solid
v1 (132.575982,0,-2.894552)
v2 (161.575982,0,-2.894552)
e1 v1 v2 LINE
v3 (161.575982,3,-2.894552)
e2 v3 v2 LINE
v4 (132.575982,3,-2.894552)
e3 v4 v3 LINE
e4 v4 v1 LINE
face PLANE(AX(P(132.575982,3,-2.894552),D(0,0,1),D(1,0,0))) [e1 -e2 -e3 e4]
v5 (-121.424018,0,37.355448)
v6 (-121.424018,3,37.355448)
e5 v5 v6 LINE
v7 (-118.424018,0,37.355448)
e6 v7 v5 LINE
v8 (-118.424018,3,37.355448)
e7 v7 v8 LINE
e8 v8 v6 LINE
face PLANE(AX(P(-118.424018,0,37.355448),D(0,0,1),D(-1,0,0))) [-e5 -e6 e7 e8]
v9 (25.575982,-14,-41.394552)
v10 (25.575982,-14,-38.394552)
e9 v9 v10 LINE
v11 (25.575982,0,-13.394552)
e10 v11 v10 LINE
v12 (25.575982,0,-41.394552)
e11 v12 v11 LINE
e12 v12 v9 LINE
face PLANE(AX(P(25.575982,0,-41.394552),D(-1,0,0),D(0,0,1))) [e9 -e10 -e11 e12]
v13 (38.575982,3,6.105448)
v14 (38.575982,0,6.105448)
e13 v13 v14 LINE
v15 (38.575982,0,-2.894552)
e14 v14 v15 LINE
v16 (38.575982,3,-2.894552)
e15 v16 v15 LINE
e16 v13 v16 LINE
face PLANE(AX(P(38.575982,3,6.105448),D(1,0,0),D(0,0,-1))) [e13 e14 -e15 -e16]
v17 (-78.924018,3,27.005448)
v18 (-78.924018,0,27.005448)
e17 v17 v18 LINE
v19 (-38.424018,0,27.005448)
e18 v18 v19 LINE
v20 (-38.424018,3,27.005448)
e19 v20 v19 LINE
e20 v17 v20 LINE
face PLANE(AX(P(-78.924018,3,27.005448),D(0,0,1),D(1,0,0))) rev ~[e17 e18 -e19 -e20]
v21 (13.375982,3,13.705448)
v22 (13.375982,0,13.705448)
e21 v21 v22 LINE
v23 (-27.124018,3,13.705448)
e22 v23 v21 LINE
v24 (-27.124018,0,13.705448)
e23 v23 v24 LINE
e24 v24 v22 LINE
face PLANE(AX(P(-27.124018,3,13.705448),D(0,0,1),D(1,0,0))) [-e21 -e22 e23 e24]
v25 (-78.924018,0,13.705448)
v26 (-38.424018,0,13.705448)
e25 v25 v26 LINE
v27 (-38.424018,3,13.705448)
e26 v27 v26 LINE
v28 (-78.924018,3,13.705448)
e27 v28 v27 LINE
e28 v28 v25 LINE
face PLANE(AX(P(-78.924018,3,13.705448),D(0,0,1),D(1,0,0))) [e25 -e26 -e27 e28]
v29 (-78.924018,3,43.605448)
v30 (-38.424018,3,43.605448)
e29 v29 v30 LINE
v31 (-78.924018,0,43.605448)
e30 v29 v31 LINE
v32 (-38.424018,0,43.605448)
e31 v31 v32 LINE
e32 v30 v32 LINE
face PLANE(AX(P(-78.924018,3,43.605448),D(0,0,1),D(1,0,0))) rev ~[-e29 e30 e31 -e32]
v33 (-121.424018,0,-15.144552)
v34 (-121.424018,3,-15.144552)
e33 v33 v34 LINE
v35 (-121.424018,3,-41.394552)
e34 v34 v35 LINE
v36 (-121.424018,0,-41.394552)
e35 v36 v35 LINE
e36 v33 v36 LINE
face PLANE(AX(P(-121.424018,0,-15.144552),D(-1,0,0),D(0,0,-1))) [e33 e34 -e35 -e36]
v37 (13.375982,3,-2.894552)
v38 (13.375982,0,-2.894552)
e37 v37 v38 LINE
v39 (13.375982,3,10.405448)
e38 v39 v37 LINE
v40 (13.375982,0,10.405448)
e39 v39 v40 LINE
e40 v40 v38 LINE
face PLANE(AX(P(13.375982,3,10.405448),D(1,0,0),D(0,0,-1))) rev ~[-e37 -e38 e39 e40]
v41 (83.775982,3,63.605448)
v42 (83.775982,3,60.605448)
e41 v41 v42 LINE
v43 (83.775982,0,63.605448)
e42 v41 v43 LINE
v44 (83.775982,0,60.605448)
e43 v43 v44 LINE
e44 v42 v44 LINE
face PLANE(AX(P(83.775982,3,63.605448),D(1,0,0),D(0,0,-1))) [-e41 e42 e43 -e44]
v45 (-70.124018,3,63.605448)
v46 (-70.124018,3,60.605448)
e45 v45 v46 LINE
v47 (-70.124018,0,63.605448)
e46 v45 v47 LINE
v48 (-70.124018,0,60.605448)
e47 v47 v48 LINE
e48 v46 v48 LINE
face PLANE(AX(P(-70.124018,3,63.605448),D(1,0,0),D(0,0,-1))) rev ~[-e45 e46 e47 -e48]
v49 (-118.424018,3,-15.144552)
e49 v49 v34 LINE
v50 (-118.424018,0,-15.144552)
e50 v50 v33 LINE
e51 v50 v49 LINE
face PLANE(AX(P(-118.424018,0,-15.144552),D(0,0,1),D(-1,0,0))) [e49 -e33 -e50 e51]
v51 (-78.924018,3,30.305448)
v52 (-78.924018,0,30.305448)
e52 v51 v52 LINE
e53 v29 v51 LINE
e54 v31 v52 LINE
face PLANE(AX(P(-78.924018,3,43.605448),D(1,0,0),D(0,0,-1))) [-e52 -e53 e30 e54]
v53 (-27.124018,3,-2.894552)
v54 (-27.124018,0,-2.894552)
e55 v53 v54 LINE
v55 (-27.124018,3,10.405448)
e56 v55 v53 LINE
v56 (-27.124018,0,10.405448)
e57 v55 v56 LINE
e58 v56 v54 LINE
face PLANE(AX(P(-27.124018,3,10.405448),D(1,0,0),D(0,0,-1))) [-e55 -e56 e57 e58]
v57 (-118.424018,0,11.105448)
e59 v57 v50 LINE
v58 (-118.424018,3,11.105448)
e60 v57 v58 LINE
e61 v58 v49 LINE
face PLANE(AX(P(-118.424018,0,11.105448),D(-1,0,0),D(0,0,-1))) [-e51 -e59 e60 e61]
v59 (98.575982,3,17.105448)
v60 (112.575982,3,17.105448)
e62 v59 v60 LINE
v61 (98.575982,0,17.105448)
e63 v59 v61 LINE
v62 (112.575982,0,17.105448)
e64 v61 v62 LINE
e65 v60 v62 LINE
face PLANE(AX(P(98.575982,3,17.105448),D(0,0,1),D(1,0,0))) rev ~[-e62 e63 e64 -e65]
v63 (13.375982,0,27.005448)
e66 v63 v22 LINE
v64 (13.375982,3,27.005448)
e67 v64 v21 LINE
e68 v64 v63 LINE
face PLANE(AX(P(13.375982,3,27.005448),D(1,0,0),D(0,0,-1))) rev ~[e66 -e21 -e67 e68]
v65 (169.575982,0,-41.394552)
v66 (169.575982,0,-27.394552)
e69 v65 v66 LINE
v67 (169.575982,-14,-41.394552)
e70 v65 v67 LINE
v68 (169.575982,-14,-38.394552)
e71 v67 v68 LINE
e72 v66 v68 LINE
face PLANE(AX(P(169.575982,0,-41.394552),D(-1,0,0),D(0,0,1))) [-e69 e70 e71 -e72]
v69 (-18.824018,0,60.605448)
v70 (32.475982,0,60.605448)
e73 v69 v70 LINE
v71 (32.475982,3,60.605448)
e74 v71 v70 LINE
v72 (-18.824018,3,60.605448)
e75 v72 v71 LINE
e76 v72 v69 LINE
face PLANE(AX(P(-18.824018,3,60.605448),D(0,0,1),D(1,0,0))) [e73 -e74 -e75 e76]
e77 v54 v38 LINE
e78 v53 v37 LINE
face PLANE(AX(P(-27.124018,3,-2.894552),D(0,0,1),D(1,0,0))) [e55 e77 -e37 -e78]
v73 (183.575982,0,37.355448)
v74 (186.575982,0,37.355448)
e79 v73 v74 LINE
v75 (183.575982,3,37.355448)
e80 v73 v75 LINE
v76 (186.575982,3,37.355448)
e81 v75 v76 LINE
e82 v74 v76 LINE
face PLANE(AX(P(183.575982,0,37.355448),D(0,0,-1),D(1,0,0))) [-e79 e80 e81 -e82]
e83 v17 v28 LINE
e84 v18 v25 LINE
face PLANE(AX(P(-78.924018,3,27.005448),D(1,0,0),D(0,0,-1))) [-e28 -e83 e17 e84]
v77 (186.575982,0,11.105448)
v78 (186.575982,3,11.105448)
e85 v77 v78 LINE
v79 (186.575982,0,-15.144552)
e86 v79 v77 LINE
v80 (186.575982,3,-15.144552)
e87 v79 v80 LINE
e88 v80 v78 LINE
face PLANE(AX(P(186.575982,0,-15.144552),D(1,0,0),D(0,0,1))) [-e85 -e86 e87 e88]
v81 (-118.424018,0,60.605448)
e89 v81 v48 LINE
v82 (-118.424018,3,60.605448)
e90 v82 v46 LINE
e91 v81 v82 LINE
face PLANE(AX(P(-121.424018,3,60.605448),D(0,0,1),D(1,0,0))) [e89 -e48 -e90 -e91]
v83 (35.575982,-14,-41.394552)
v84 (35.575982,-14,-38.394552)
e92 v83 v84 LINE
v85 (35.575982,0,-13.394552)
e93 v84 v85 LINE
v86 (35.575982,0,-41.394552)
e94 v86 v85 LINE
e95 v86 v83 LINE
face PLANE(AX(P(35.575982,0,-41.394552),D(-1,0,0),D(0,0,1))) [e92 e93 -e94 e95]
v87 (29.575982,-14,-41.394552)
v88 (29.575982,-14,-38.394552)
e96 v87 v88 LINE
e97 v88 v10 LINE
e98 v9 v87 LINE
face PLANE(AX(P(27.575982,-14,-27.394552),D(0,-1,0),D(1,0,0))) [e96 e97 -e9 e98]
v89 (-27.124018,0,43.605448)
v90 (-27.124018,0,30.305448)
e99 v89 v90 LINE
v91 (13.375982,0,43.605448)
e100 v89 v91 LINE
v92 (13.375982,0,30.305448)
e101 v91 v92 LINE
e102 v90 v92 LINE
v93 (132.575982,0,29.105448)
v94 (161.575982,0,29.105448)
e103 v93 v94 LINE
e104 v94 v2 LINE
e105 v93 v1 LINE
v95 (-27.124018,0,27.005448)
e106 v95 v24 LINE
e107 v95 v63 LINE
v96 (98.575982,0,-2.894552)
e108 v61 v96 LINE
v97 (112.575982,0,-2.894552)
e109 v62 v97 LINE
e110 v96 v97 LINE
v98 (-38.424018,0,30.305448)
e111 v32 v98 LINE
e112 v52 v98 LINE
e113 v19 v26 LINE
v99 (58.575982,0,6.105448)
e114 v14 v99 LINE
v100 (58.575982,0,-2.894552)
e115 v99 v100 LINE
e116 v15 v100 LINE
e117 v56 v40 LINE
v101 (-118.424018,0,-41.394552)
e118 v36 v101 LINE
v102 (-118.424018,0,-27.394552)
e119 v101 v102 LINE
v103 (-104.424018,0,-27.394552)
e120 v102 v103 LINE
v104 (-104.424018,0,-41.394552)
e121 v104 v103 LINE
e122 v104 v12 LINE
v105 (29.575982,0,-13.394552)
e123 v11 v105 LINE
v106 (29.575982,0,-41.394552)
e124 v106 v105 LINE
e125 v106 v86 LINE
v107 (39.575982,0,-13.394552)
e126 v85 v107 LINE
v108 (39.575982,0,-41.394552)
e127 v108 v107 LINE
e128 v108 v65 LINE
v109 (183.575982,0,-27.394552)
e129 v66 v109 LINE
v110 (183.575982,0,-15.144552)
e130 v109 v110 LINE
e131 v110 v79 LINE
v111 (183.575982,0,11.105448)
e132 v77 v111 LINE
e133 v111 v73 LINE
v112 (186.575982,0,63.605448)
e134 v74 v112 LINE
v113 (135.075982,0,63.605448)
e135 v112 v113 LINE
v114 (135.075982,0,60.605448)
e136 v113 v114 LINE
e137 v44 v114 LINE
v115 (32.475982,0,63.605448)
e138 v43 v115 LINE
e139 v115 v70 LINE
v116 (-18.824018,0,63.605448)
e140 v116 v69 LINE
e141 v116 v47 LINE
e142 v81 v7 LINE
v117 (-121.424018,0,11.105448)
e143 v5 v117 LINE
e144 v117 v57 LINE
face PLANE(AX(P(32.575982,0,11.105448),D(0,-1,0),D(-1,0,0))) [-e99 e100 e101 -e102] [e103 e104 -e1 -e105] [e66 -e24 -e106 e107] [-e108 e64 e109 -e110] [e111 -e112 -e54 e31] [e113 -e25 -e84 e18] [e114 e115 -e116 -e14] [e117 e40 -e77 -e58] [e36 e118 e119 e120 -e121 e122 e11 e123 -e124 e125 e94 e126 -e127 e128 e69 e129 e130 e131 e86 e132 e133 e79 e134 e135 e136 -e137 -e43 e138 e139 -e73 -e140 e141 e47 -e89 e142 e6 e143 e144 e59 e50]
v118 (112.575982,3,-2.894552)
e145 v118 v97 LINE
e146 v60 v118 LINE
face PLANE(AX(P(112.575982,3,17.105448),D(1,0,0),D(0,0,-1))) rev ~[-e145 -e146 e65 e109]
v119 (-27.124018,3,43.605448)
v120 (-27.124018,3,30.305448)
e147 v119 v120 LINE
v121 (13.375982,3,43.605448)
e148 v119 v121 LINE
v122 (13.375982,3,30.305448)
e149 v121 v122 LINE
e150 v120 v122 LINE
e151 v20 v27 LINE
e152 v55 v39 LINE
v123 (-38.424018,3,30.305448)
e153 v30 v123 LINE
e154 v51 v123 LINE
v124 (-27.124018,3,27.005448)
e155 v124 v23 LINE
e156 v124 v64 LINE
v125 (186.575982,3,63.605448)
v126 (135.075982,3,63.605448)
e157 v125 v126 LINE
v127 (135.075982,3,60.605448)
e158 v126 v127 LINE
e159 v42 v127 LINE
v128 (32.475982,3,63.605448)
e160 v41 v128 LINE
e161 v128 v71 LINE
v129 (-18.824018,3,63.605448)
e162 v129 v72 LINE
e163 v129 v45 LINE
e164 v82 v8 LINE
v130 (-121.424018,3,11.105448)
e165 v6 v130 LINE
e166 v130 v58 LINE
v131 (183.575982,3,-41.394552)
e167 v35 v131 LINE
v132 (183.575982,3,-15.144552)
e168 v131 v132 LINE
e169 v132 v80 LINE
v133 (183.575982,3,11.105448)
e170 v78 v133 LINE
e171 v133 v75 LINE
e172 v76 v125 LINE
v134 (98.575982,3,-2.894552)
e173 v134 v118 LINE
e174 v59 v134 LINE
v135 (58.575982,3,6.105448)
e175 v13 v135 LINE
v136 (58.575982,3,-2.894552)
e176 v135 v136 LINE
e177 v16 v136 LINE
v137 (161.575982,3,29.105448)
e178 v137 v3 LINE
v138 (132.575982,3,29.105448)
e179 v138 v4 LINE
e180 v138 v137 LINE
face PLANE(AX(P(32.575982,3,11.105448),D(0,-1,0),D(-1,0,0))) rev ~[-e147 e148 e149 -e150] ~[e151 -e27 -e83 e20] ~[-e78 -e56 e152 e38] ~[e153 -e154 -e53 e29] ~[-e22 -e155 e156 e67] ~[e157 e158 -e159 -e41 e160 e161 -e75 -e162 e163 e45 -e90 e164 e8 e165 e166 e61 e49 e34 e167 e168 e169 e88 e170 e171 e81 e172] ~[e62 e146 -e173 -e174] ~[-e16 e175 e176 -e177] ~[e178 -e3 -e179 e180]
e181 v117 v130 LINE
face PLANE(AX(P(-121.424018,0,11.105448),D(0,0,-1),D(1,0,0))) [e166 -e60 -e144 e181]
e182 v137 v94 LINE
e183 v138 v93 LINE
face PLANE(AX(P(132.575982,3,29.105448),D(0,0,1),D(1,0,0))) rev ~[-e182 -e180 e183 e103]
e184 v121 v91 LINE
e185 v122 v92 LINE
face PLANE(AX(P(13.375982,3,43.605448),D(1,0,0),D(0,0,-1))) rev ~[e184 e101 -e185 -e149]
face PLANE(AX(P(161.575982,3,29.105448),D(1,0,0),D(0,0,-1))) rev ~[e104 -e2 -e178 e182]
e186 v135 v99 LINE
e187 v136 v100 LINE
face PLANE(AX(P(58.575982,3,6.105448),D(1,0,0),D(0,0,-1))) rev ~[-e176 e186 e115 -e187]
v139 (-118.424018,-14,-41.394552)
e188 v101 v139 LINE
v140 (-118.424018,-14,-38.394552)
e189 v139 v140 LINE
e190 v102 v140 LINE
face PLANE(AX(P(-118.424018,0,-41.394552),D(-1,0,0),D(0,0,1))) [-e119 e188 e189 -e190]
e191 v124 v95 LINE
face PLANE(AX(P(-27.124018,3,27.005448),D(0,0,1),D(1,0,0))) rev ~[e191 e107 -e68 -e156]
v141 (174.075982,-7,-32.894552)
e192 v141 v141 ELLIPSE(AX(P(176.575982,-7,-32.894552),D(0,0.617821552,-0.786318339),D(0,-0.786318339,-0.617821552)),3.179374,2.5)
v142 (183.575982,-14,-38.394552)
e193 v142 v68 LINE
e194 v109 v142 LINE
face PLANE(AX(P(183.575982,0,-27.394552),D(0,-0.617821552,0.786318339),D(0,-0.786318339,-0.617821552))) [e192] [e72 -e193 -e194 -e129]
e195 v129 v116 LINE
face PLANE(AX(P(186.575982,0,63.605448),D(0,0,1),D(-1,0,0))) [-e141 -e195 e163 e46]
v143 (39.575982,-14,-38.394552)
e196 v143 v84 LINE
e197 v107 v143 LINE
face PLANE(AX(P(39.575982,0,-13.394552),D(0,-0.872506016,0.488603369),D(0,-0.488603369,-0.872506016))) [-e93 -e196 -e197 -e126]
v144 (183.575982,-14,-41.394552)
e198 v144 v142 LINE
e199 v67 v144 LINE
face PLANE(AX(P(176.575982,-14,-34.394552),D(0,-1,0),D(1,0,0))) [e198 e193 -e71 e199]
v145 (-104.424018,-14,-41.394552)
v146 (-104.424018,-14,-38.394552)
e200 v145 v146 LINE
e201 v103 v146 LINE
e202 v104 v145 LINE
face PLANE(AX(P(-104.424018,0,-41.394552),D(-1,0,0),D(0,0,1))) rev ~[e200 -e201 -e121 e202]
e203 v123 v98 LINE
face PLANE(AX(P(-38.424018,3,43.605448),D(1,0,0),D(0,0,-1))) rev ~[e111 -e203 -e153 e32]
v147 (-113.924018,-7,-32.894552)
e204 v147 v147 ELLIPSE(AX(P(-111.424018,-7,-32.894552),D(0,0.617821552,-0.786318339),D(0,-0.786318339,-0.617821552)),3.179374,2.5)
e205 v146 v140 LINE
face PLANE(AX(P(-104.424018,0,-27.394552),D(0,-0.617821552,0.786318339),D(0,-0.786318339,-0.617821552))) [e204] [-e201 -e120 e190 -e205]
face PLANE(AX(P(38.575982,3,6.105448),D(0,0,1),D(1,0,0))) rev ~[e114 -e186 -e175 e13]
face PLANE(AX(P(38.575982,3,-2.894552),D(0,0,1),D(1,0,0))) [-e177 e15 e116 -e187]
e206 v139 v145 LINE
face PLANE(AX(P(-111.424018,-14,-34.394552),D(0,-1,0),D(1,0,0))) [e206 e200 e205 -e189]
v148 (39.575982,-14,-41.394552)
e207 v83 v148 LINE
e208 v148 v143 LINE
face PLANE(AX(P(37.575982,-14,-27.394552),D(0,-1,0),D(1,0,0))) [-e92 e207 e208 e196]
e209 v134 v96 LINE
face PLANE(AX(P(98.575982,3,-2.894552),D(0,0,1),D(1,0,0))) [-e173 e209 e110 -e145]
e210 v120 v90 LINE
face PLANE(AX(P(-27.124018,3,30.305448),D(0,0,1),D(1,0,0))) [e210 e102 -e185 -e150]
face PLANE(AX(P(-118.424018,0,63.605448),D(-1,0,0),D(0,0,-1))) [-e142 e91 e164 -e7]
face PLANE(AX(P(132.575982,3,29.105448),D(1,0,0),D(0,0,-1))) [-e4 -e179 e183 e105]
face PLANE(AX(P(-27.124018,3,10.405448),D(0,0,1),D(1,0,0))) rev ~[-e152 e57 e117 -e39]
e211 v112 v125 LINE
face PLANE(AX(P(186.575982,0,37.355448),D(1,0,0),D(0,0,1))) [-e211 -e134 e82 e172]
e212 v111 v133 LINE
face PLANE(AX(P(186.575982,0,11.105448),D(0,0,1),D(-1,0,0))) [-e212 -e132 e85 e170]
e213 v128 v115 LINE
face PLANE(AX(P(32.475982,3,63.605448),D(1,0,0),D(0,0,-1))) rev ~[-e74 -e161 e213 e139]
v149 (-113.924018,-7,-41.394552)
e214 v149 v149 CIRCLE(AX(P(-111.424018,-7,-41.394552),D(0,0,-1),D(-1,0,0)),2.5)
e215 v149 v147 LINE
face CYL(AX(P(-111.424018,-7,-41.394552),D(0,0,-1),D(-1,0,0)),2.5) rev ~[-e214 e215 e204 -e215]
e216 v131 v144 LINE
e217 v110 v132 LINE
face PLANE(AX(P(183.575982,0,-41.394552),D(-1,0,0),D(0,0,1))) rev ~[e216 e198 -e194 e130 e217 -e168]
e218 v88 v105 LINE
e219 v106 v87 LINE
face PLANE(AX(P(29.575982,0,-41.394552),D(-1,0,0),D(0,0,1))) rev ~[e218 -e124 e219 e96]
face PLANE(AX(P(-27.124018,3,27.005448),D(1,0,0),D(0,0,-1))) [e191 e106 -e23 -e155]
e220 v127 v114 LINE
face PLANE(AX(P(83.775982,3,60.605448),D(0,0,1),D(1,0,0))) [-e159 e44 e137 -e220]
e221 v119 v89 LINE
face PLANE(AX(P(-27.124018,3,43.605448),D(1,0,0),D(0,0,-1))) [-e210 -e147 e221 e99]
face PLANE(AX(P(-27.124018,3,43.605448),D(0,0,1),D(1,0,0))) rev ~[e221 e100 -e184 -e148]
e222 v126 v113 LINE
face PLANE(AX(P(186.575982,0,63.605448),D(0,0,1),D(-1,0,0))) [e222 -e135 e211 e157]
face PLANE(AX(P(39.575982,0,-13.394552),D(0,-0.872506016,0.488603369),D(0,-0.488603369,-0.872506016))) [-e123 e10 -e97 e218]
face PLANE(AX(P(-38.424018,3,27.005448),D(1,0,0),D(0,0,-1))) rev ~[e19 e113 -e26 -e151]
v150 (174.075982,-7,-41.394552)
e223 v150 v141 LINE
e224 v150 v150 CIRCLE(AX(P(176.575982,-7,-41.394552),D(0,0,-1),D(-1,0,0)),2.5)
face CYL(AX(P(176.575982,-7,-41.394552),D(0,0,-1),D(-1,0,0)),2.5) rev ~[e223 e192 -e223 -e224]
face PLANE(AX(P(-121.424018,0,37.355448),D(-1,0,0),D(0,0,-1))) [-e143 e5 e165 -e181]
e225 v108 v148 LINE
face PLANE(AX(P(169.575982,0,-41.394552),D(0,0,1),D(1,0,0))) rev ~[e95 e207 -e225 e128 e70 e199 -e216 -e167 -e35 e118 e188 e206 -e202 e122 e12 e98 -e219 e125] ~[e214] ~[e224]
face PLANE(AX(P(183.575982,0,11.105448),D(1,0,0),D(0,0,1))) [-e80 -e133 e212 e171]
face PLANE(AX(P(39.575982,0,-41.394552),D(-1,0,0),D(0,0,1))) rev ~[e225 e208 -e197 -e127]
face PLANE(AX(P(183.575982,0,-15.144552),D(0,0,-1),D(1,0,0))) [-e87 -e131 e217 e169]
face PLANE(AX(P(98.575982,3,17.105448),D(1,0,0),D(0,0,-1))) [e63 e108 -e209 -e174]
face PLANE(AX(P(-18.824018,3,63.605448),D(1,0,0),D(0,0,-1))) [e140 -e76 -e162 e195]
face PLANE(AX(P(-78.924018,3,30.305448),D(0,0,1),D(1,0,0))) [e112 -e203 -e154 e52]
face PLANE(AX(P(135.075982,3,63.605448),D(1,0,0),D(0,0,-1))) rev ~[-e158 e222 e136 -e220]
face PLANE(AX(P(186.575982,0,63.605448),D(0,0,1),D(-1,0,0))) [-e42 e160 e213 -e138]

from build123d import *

# Parameters (mm, degrees)
EXTRUDE_1_DEPTH     = 3
SKETCH_2_W          = 40.5
SKETCH_2_H          = 13.3
SKETCH_2_W_2        = 20
SKETCH_2_H_2        = 9
SKETCH_2_W_3        = 14
SKETCH_2_H_3        = 20
SKETCH_2_W_4        = 29
SKETCH_2_H_4        = 32
CUT_EXTRUDE_1_DEPTH = 3
SKETCH_3_W          = 51.3
SKETCH_3_H          = 3
CUT_EXTRUDE_2_DEPTH = 3
SKETCH_4_W          = 4
SKETCH_4_H          = 28
SKETCH_4_W_2        = 14
SKETCH_4_H_2        = 14
EXTRUDE_2_DEPTH     = 14
CUT_EXTRUDE_3_DEPTH = 14
CUT_EXTRUDE_4_DEPTH = 14
CUT_EXTRUDE_5_DEPTH = 14
CUT_EXTRUDE_6_REACH = 216.55
SKETCH_9_R          = 2.5


with BuildPart() as part:
    # Эскиз1 → Бобышка-Вытянуть1 (new body)
    with BuildSketch(Plane(origin=(0, 0, 0), x_dir=(1, 0, 0), z_dir=(0, 1, 0))):
        Polygon((-121.424018304, 15.144551695), (-121.424018304, 41.394551695), (183.575981696, 41.394551695), (183.575981696, 15.144551695), (186.575981696, 15.144551695), (186.575981696, -11.105448305), (183.575981696, -11.105448305), (183.575981696, -37.355448305), (186.575981696, -37.355448305), (186.575981696, -63.605448305), (-118.424018304, -63.605448305), (-118.424018304, -37.355448305), (-121.424018304, -37.355448305), (-121.424018304, -11.105448305), (-118.424018304, -11.105448305), (-118.424018304, 15.144551695), align=None)
    extrude(amount=EXTRUDE_1_DEPTH)

    # Эскиз2 → Вырез-Вытянуть1 (cut)
    with BuildSketch(Plane(origin=(0, 3, 0), x_dir=(1, 0, 0), z_dir=(0, 1, 0))):
        with Locations((-58.674018304, -36.955448305)):
            Rectangle(SKETCH_2_W, SKETCH_2_H)
        with Locations((-6.874018304, -36.955448305)):
            Rectangle(SKETCH_2_W, SKETCH_2_H)
        with Locations((-6.874018304, -20.355448305)):
            Rectangle(SKETCH_2_W, SKETCH_2_H)
        with Locations((-58.674018304, -20.355448305)):
            Rectangle(SKETCH_2_W, SKETCH_2_H)
        with Locations((-6.874018304, -3.755448305)):
            Rectangle(SKETCH_2_W, SKETCH_2_H)
        with Locations((48.575981696, -1.605448305)):
            Rectangle(SKETCH_2_W_2, SKETCH_2_H_2)
        with Locations((105.575981696, -7.105448305)):
            Rectangle(SKETCH_2_W_3, SKETCH_2_H_3)
        with Locations((147.075981696, -13.105448305)):
            Rectangle(SKETCH_2_W_4, SKETCH_2_H_4)
    extrude(amount=-CUT_EXTRUDE_1_DEPTH, mode=Mode.SUBTRACT)

    # Эскиз3 → Вырез-Вытянуть2 (cut)
    with BuildSketch(Plane(origin=(0, 3, 0), x_dir=(1, 0, 0), z_dir=(0, 1, 0))):
        with Locations((-95.774018304, -62.105448305)):
            Rectangle(SKETCH_3_W, SKETCH_3_H)
        with Locations((6.825981696, -62.105448305)):
            Rectangle(SKETCH_3_W, SKETCH_3_H)
        with Locations((109.425981696, -62.105448305)):
            Rectangle(SKETCH_3_W, SKETCH_3_H)
    extrude(amount=-CUT_EXTRUDE_2_DEPTH, mode=Mode.SUBTRACT)

    # Эскиз4 → Бобышка-Вытянуть2 (add)
    with BuildSketch(Plane.XZ):
        with Locations((27.575981696, -27.394551695)):
            Rectangle(SKETCH_4_W, SKETCH_4_H)
        with Locations((-111.424018304, -34.394551695)):
            Rectangle(SKETCH_4_W_2, SKETCH_4_H_2)
        with Locations((176.575981696, -34.394551695)):
            Rectangle(SKETCH_4_W_2, SKETCH_4_H_2)
        with Locations((37.575981696, -27.394551695)):
            Rectangle(SKETCH_4_W, SKETCH_4_H)
    extrude(amount=EXTRUDE_2_DEPTH)

    # Эскиз6 → Вырез-Вытянуть3 (cut)
    with BuildSketch(Plane(origin=(39.575981696, 0, 0), x_dir=(0, 0, -1), z_dir=(1, 0, 0))):
        Polygon((13.394551695, -14), (13.394551695, 0), (38.394551695, -14), align=None)
    extrude(amount=-CUT_EXTRUDE_3_DEPTH, mode=Mode.SUBTRACT)

    # Эскиз7 → Вырез-Вытянуть4 (cut)
    with BuildSketch(Plane(origin=(183.575981696, 0, 0), x_dir=(0, 0, -1), z_dir=(1, 0, 0))):
        Polygon((27.394551695, -14), (27.394551695, 0), (38.394551695, -14), align=None)
    extrude(amount=-CUT_EXTRUDE_4_DEPTH, mode=Mode.SUBTRACT)

    # Эскиз8 → Вырез-Вытянуть5 (cut)
    with BuildSketch(Plane(origin=(-104.424018304, 0, 0), x_dir=(0, 0, -1), z_dir=(1, 0, 0))):
        Polygon((27.394551695, -14), (27.394551695, 0), (38.394551695, -14), align=None)
    extrude(amount=-CUT_EXTRUDE_5_DEPTH, mode=Mode.SUBTRACT)

    # Вырез-Вытянуть6: up to this plane
    cut_extrude_6_end = Plane(origin=(169.575981696, -14, -38.394551695), z_dir=(0, 0.6178215519319037, -0.7863183388224225))
    # Эскиз9 → Вырез-Вытянуть6 (cut, up to the surface)
    with BuildSketch(Plane(origin=(0, 0, -41.394551695), x_dir=(-1, 0, 0), z_dir=(0, 0, -1)), mode=Mode.PRIVATE) as cut_extrude_6_sk1:
        with Locations((-176.575981696, -7)):
            Circle(SKETCH_9_R)
    cut_extrude_6_tool1 = split(extrude(cut_extrude_6_sk1.sketch, amount=-CUT_EXTRUDE_6_REACH, mode=Mode.PRIVATE), bisect_by=cut_extrude_6_end, keep=Keep.BOTH, mode=Mode.PRIVATE)
    add(cut_extrude_6_tool1.solids().sort_by_distance((176.575982, -7, -41.394552))[0], mode=Mode.SUBTRACT)
    # Эскиз9 → Вырез-Вытянуть6 (cut, up to the surface)
    with BuildSketch(Plane(origin=(0, 0, -41.394551695), x_dir=(-1, 0, 0), z_dir=(0, 0, -1)), mode=Mode.PRIVATE) as cut_extrude_6_sk2:
        with Locations((111.424018304, -7)):
            Circle(SKETCH_9_R)
    cut_extrude_6_tool2 = split(extrude(cut_extrude_6_sk2.sketch, amount=-CUT_EXTRUDE_6_REACH, mode=Mode.PRIVATE), bisect_by=cut_extrude_6_end, keep=Keep.BOTH, mode=Mode.PRIVATE)
    add(cut_extrude_6_tool2.solids().sort_by_distance((-111.424018, -7, -41.394552))[0], mode=Mode.SUBTRACT)


solid = part.part
